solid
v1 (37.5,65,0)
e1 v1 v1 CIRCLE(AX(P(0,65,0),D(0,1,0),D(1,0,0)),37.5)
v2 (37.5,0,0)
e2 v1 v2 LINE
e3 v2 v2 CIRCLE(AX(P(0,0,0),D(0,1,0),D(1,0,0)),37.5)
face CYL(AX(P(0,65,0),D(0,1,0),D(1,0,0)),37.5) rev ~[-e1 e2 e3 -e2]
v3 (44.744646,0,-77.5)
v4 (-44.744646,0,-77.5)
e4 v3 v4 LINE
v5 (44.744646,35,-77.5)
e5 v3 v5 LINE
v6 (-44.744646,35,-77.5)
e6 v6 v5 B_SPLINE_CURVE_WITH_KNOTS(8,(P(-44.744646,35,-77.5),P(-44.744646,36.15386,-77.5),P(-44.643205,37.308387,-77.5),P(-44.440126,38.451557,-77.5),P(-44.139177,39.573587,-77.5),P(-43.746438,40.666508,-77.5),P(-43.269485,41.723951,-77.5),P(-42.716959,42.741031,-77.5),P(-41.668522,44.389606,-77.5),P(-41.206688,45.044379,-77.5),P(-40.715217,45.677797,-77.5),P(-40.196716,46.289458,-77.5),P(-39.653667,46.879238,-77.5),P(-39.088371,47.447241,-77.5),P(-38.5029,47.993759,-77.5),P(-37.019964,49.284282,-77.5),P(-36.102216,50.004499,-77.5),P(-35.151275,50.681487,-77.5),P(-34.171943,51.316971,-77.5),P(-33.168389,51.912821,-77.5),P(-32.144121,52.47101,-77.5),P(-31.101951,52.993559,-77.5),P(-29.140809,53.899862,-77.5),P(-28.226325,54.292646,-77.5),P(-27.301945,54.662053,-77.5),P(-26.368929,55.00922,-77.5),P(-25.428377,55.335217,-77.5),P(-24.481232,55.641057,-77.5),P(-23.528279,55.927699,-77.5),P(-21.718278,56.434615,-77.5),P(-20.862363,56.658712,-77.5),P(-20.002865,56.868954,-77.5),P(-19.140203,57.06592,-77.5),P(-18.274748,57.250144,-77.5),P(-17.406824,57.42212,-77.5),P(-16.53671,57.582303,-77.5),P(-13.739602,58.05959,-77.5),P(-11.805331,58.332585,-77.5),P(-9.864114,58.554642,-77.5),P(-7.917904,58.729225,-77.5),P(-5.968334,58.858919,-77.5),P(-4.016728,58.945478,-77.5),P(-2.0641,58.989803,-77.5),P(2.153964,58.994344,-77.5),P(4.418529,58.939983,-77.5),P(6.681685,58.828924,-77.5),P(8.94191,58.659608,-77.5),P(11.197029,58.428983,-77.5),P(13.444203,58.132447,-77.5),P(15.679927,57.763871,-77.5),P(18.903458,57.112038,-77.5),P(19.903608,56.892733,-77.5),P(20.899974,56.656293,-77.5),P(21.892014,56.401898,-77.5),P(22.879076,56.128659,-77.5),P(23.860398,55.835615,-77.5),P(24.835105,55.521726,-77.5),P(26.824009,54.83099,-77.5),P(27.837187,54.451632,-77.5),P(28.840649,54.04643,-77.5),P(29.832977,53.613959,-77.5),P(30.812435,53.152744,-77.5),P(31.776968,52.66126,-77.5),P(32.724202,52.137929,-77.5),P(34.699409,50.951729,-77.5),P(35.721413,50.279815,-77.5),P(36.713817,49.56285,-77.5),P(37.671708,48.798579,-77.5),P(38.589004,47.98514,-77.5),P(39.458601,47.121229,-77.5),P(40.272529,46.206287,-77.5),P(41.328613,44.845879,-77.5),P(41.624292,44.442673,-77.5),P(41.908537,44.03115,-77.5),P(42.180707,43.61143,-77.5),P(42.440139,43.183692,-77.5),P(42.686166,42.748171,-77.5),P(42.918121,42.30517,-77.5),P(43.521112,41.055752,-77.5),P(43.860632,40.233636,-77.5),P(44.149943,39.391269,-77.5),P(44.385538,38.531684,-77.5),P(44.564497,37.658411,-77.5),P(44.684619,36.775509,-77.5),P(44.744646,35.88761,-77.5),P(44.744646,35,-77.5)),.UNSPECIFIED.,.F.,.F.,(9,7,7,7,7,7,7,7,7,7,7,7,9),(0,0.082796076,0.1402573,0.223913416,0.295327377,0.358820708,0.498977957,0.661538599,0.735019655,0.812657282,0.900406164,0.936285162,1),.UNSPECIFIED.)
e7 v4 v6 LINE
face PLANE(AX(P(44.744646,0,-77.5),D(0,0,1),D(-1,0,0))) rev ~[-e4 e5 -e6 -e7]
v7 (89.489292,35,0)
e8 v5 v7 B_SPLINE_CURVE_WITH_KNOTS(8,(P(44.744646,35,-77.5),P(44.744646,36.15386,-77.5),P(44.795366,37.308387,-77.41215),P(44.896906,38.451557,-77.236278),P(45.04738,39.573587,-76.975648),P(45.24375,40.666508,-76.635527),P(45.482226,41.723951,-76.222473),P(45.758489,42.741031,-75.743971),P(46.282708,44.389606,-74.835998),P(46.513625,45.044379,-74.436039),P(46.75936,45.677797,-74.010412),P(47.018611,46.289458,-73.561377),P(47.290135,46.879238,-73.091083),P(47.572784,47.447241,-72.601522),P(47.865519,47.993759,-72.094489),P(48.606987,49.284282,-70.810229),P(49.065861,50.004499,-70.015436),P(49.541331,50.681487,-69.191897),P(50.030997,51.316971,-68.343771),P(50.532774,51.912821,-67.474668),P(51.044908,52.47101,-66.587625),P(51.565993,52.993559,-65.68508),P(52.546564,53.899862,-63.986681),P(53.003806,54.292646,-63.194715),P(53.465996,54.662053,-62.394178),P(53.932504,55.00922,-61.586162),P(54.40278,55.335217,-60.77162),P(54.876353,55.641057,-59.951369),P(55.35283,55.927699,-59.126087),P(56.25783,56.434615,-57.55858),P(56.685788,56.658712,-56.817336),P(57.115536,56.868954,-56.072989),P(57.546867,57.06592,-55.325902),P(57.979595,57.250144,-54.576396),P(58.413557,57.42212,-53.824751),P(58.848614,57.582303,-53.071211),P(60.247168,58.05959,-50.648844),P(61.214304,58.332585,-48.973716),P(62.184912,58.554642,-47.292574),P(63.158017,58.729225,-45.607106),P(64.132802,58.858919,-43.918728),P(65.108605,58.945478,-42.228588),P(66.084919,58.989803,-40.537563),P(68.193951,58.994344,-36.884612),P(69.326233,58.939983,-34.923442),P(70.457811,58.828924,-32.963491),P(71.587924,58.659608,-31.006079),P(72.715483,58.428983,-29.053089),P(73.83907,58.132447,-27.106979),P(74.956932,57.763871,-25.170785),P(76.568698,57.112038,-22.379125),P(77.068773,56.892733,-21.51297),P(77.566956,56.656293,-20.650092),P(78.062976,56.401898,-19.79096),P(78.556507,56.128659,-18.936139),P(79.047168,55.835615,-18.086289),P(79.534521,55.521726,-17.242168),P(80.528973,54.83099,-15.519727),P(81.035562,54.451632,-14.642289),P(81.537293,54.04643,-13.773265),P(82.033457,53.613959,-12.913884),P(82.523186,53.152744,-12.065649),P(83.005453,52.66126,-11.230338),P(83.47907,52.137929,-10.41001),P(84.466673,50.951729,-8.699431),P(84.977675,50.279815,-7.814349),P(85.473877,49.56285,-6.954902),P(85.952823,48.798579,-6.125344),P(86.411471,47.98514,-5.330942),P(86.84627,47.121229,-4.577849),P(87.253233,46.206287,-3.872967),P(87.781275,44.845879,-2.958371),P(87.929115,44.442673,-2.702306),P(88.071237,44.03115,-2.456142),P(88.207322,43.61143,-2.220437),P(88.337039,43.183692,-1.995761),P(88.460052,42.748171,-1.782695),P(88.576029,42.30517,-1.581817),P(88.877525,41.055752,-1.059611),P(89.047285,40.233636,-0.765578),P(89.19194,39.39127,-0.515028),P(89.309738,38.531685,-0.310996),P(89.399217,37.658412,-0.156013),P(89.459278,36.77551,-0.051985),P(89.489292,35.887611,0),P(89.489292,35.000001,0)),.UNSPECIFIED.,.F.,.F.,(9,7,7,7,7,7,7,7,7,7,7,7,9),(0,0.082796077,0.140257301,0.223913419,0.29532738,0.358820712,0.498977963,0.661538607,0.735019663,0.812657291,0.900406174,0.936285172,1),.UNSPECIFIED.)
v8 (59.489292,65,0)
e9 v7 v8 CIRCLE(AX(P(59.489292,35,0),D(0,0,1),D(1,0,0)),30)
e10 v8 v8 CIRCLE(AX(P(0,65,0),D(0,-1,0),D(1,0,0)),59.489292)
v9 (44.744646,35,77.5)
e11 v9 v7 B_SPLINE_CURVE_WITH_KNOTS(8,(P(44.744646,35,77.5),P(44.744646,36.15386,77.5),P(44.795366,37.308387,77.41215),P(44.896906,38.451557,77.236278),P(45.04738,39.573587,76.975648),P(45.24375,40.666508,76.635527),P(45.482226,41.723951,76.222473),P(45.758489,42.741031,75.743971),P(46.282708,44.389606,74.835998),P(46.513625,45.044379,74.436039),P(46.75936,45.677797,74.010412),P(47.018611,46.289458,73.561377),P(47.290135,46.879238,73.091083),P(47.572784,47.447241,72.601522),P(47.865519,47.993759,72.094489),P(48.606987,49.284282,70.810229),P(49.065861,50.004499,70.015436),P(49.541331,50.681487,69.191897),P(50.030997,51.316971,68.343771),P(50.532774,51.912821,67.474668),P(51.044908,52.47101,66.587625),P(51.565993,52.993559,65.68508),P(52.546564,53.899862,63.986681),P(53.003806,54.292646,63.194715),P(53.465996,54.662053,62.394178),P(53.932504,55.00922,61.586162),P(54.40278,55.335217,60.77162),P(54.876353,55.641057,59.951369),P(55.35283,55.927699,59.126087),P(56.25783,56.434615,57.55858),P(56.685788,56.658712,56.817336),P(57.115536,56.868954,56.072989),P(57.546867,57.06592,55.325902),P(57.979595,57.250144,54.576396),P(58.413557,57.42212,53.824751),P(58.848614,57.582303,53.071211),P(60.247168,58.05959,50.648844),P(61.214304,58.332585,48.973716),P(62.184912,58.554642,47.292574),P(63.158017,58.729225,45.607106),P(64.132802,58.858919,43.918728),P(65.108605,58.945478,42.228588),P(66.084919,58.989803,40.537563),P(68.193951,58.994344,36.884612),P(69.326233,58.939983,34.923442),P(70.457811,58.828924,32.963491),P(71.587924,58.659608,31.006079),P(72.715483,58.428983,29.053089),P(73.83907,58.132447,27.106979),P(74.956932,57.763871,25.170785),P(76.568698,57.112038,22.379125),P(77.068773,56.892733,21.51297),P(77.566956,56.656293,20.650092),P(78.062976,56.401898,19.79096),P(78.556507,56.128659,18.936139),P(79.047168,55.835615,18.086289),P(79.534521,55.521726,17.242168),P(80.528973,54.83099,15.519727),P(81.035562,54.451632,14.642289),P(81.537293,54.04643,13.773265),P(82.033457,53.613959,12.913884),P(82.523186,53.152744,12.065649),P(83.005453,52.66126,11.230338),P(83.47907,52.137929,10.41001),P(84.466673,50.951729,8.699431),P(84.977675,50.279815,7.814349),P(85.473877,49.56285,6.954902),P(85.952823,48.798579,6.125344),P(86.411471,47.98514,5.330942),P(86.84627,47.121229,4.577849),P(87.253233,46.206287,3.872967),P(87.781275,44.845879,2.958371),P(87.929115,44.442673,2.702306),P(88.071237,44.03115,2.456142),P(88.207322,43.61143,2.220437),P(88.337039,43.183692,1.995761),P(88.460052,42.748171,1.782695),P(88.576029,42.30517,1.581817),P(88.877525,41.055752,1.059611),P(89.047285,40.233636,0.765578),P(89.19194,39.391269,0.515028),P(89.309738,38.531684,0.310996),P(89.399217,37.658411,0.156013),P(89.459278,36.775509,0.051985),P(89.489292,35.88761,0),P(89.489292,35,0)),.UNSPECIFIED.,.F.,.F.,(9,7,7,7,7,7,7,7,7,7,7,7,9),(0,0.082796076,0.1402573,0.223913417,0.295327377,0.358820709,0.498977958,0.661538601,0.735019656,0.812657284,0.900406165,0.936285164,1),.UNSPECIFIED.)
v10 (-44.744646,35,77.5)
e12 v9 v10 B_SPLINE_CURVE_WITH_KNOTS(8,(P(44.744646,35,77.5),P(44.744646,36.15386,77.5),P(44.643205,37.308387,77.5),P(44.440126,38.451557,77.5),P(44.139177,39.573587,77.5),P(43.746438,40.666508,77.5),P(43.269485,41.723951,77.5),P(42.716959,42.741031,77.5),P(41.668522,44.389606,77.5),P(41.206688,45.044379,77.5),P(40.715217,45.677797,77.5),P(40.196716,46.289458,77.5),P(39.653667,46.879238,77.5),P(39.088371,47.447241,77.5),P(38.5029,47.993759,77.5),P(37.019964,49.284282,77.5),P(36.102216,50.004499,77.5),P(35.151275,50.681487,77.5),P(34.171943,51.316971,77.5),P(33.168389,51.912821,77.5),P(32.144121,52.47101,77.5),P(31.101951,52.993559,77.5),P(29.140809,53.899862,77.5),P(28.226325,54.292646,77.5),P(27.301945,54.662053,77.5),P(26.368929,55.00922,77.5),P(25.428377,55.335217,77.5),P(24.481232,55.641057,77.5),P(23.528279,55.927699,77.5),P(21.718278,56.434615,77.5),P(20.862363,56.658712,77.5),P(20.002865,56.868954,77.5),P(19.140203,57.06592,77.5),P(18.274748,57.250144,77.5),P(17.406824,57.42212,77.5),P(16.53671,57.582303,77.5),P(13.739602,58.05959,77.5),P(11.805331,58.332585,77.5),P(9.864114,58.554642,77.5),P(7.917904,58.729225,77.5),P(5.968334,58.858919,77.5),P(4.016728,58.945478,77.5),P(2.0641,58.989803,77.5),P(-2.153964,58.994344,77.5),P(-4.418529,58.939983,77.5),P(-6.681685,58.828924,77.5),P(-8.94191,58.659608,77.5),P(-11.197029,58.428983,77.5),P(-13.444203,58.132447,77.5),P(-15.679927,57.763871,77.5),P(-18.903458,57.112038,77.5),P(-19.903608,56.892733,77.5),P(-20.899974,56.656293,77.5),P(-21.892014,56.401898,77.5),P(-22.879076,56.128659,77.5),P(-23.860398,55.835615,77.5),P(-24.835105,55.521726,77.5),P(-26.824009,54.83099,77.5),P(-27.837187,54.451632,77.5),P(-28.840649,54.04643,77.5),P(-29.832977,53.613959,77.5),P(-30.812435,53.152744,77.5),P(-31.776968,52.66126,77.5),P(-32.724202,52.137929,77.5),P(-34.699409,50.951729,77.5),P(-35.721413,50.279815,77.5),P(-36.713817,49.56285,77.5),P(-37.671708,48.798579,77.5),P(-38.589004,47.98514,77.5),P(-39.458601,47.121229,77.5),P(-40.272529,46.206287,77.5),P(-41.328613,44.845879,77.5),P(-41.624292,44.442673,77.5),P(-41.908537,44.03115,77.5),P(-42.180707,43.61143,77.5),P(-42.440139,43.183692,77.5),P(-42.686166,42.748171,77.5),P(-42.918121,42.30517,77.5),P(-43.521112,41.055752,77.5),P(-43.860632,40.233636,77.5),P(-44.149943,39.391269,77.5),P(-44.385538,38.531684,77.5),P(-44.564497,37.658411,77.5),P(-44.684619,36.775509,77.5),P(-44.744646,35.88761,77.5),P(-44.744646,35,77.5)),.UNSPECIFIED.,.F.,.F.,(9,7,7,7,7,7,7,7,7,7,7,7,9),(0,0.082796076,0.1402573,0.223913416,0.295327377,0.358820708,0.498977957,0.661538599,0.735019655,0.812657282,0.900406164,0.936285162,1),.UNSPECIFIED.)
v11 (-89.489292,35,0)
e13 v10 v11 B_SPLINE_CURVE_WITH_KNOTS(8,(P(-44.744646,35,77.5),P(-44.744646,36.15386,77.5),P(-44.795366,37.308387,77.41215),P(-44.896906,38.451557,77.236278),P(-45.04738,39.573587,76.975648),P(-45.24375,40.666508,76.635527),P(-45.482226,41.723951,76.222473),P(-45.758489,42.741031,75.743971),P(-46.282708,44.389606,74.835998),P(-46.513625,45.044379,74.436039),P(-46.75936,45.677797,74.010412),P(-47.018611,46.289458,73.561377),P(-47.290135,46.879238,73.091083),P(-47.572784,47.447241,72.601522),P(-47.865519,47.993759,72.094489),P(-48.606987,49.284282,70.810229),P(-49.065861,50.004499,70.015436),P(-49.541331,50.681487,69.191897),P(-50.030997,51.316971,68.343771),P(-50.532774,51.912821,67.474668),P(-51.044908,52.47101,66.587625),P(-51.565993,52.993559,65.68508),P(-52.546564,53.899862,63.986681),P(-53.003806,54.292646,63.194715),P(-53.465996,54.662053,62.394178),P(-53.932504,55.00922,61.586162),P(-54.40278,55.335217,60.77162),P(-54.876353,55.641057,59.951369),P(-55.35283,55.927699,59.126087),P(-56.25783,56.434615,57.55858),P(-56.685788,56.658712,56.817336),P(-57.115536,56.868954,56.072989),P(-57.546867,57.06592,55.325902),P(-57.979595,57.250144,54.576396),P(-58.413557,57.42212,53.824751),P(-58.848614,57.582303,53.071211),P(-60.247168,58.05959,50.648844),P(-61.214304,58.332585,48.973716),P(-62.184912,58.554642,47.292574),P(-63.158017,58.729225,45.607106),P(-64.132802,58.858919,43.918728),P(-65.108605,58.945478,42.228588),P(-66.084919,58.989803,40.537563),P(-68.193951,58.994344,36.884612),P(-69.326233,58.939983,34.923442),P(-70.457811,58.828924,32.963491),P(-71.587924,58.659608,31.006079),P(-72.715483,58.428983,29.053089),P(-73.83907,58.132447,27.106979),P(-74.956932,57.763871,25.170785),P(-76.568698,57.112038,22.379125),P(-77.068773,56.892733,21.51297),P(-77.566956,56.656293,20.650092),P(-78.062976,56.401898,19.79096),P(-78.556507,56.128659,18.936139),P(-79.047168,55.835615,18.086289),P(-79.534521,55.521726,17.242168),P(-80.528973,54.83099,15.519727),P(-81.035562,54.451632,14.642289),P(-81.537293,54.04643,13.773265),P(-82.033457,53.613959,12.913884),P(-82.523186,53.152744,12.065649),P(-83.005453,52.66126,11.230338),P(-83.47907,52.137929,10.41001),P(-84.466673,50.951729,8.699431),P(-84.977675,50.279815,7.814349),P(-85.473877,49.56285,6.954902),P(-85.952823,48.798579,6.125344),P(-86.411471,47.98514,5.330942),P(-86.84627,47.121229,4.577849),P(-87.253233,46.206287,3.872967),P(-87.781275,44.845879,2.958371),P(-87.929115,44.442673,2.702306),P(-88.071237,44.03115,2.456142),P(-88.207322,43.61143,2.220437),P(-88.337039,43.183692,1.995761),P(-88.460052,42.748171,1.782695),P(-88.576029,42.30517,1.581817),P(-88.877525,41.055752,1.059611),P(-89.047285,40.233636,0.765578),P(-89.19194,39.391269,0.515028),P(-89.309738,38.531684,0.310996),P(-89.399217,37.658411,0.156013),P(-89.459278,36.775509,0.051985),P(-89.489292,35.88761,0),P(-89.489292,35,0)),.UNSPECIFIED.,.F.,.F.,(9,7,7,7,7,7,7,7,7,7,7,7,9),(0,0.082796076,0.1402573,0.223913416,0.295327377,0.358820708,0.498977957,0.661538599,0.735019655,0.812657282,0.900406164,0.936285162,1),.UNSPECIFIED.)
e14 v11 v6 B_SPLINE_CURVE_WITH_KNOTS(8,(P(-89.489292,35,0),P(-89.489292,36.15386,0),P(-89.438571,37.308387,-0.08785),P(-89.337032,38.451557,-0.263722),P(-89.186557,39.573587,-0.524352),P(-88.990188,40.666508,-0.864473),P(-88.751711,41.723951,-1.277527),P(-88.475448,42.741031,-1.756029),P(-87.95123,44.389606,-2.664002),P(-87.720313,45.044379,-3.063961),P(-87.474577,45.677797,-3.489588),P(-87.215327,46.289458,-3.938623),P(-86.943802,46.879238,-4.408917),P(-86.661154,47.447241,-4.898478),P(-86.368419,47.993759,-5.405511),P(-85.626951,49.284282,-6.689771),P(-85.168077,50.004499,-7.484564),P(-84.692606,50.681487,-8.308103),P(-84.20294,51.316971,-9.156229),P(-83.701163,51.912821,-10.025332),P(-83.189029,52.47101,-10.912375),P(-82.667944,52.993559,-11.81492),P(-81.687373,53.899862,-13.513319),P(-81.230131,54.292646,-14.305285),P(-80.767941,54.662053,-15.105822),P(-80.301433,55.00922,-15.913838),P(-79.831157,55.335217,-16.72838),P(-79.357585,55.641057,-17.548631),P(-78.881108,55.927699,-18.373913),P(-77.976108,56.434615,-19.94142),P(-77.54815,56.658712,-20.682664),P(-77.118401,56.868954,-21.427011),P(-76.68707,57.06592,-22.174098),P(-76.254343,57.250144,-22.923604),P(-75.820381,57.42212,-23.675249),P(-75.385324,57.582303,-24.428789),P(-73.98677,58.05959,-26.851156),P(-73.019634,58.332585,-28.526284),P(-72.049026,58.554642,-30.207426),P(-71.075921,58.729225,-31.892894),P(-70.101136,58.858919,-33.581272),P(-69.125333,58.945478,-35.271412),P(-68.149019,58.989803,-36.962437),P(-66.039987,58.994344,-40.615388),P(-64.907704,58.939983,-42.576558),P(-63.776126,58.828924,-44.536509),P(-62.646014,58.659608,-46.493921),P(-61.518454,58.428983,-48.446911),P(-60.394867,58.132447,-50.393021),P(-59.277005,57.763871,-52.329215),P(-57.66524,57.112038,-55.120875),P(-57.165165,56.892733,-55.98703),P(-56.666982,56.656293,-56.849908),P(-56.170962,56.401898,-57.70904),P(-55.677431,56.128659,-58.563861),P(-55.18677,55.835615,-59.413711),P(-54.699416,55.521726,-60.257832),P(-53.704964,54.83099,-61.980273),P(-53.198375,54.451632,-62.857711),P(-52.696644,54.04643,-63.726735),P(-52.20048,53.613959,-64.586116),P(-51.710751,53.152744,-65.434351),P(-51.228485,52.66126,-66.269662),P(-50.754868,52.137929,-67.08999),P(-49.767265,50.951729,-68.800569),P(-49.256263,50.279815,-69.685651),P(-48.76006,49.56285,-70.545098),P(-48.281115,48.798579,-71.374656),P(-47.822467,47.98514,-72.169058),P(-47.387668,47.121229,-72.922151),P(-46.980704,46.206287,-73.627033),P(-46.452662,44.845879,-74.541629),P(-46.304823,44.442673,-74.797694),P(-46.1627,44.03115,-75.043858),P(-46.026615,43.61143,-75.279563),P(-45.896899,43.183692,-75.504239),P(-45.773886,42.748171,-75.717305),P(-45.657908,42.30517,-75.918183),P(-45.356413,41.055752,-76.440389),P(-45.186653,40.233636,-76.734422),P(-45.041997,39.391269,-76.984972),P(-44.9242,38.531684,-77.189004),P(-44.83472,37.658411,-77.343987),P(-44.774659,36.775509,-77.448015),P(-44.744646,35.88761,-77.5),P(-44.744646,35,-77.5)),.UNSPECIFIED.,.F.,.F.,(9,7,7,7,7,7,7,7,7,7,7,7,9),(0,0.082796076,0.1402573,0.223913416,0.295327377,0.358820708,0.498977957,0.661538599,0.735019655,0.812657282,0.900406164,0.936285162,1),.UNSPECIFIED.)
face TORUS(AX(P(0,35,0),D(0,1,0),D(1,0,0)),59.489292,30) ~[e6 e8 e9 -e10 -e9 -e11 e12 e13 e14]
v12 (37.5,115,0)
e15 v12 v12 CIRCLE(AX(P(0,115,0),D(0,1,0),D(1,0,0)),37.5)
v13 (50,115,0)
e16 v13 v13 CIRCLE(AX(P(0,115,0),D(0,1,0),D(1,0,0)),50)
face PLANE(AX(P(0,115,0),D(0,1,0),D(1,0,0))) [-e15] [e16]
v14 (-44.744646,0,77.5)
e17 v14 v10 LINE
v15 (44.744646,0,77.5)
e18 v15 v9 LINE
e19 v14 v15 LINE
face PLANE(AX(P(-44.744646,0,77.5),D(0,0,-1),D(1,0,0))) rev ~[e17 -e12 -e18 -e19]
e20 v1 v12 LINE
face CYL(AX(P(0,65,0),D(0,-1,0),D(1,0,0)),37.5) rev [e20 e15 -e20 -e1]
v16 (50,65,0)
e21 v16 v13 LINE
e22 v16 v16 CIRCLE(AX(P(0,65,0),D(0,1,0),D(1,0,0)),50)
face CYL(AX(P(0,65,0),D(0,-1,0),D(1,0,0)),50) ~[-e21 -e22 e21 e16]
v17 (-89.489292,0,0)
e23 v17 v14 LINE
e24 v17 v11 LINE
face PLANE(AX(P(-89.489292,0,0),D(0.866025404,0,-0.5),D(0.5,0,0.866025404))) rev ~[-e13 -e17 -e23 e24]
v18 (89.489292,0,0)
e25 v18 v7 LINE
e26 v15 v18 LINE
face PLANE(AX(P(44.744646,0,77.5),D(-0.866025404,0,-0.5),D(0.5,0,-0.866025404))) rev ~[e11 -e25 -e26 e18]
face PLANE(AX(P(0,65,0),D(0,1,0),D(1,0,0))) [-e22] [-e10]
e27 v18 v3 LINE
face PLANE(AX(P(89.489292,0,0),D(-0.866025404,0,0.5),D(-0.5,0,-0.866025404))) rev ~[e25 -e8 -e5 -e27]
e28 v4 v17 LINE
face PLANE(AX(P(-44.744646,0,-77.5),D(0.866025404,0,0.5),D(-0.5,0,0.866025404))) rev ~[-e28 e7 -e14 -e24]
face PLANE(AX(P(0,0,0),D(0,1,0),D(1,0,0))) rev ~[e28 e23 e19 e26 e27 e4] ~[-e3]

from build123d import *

# Parameters (mm, degrees)
BOSS_EXTRUDE1_DEPTH = 65
SKETCH4_R           = 50
SKETCH4_R_2         = 37.5
BOSS_EXTRUDE2_DEPTH = 50
SKETCH6_R           = 37.5
CUT_EXTRUDE1_DEPTH  = 81


with BuildPart() as part:
    # Sketch1 → Boss-Extrude1 (new body)
    with BuildSketch(Plane(origin=(0, 0, 0), x_dir=(1, 0, 0), z_dir=(0, 1, 0))):
        Polygon((-89.489291724, 0), (-44.744645862, -77.5), (44.744645862, -77.5), (89.489291724, 0), (44.744645862, 77.5), (-44.744645862, 77.5), align=None)
    extrude(amount=BOSS_EXTRUDE1_DEPTH)

    # Sketch4 → Boss-Extrude2 (add)
    with BuildSketch(Plane(origin=(0, 65, 0), x_dir=(1, 0, 0), z_dir=(0, 1, 0))):
        Circle(SKETCH4_R)
        Circle(SKETCH4_R_2, mode=Mode.SUBTRACT)
    extrude(amount=BOSS_EXTRUDE2_DEPTH)

    # Sketch6 → Cut-Extrude1 (cut)
    with BuildSketch(Plane(origin=(0, 65, 0), x_dir=(1, 0, 0), z_dir=(0, 1, 0))):
        Circle(SKETCH6_R)
    extrude(amount=-CUT_EXTRUDE1_DEPTH, mode=Mode.SUBTRACT)

    # Sketch7 → Cut-Revolve4 (revolve, cut)
    with BuildSketch(Plane.XY):
        with BuildLine():
            Line((59.489291724, 65), (89.489291724, 65))
            Line((89.489291724, 65), (89.489291724, 35))
            ThreePointArc((89.489291724, 35), (80.70249516, 56.213203436), (59.489291724, 65))
        make_face()
    revolve(axis=Axis((0, 115, 0), (0, -1, 0)), mode=Mode.SUBTRACT)


solid = part.part
